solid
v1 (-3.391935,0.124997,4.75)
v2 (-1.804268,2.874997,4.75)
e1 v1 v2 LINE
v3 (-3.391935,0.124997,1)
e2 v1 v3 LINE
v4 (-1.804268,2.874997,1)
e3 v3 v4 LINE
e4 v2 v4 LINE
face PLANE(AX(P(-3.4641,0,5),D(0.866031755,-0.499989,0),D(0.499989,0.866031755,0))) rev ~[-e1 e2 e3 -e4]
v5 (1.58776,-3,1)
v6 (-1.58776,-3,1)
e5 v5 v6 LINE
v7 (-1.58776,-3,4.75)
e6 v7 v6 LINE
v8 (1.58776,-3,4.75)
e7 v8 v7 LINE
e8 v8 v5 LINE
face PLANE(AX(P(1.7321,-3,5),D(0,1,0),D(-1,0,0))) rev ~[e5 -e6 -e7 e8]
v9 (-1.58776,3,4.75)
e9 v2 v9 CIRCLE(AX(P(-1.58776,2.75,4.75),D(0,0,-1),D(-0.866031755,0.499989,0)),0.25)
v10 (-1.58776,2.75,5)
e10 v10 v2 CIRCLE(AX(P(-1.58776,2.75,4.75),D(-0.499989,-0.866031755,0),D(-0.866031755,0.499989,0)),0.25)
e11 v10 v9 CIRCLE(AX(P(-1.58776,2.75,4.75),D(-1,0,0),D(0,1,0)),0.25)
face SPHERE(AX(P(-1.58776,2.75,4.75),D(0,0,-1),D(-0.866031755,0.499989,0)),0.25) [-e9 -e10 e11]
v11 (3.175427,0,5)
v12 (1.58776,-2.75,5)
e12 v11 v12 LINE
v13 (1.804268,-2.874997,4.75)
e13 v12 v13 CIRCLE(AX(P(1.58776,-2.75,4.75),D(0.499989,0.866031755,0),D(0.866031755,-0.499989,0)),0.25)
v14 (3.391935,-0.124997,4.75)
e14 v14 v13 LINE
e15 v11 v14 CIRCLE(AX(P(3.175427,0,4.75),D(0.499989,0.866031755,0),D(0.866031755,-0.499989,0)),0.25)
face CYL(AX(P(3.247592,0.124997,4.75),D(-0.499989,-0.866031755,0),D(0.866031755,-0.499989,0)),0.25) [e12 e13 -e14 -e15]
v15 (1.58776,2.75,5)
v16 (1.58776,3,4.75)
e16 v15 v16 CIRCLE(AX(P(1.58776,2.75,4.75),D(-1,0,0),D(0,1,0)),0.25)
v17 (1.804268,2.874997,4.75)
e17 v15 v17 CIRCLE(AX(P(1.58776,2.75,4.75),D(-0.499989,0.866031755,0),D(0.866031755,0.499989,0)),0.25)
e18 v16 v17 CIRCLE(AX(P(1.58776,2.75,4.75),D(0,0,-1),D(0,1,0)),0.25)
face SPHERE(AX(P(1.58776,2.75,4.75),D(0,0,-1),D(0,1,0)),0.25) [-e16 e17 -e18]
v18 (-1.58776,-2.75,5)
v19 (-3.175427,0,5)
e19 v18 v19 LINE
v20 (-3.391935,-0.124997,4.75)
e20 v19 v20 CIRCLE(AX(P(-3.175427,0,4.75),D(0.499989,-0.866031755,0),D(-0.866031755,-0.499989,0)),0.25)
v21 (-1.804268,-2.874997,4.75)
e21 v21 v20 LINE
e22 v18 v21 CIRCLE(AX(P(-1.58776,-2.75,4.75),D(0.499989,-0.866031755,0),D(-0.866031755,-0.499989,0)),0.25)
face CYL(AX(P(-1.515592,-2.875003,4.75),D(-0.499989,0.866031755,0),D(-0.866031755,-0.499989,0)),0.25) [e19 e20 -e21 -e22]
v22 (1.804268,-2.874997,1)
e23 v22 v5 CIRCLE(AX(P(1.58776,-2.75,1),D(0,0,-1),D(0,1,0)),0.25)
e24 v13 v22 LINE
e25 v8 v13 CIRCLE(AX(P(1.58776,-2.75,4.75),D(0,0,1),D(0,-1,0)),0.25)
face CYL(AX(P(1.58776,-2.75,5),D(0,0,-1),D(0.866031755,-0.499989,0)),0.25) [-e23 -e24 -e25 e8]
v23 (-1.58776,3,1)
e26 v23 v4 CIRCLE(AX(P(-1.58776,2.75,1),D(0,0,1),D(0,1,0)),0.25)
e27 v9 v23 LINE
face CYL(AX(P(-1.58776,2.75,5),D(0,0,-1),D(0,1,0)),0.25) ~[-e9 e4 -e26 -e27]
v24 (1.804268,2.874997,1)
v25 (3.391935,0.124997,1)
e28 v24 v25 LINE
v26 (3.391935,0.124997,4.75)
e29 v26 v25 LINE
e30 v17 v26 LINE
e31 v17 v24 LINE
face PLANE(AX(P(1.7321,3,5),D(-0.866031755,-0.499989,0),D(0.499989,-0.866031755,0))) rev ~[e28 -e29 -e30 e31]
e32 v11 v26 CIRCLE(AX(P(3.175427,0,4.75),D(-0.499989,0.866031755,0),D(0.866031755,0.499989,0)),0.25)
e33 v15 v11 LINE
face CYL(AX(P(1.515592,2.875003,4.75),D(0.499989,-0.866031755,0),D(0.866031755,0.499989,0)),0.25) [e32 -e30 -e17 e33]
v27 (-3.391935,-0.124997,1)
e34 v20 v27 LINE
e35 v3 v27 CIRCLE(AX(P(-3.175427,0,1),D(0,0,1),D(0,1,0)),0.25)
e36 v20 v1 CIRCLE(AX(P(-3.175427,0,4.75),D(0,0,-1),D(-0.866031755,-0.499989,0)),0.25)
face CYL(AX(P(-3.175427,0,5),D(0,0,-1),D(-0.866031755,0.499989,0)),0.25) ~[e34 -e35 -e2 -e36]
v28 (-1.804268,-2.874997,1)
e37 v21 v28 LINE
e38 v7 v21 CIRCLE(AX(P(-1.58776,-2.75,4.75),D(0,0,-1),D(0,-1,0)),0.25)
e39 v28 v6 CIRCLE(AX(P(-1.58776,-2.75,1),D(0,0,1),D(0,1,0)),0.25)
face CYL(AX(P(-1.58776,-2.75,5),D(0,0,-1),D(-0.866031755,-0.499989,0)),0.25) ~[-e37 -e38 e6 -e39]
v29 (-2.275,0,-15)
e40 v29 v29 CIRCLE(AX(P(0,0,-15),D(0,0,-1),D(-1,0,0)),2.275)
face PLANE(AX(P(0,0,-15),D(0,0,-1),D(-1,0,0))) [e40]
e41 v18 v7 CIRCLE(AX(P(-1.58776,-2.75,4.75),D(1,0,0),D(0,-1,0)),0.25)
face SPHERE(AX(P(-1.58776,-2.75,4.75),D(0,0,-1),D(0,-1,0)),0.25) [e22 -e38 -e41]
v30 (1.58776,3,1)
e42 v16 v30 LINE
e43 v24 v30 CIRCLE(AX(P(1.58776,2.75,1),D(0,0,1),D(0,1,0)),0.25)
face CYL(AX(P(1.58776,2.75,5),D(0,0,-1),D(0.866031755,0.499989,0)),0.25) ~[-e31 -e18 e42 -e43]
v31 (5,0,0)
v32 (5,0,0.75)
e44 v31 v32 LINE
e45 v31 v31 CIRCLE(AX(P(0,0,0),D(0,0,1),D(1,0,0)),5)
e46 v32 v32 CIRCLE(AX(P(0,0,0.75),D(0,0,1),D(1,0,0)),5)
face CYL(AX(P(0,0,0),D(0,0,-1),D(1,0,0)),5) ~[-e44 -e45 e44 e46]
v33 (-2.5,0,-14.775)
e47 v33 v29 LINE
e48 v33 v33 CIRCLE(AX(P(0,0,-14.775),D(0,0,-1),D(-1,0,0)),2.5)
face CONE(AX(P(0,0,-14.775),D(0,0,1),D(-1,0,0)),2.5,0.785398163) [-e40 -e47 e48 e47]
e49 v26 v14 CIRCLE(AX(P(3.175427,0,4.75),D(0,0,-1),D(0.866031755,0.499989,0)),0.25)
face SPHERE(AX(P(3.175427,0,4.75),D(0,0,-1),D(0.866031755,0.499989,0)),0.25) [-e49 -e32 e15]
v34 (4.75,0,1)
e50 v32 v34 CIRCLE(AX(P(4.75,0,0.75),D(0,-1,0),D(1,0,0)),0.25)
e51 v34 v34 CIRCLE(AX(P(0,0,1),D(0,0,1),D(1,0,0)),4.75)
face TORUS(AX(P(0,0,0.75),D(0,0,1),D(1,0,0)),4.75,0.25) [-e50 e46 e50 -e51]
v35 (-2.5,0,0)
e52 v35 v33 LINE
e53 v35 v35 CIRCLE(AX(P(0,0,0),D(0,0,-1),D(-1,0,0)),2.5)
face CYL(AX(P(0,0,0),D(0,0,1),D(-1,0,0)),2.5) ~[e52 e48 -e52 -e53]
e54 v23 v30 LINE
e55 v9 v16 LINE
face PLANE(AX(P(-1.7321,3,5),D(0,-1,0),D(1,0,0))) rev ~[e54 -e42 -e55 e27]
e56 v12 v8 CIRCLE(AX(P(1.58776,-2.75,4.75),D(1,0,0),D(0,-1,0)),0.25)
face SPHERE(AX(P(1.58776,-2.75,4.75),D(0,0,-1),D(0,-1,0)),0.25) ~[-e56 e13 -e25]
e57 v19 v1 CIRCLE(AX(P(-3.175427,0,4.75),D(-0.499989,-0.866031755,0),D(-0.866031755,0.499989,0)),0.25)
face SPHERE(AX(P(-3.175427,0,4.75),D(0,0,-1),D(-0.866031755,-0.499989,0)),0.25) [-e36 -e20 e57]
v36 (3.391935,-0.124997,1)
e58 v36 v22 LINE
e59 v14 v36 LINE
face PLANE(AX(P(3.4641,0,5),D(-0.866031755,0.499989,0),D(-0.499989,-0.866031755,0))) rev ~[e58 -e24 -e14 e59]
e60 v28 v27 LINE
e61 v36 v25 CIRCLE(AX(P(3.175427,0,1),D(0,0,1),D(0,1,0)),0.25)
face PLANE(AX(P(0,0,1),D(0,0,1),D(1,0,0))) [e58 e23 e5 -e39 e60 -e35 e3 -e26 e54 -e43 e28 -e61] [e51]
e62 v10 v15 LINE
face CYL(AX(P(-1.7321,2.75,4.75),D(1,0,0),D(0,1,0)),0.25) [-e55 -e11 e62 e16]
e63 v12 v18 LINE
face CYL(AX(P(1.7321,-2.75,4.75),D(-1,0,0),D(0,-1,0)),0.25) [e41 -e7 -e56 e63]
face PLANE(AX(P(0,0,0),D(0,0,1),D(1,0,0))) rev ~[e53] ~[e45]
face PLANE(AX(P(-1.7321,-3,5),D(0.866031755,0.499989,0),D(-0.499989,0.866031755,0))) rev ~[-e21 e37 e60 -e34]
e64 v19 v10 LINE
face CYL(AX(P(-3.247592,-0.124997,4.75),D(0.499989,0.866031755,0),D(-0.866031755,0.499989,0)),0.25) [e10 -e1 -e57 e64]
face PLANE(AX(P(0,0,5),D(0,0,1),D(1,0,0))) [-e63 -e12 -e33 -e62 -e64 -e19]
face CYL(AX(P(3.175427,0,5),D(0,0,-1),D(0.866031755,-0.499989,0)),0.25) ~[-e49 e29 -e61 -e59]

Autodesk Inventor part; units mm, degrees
ref_plane "YZ Plane" through (0, 0, 0) normal (1, 0, 0) x (0, 1, 0)
ref_plane "XZ Plane" through (0, 0, 0) normal (0, 1, 0) x (-1, 0, 0)
ref_plane "XY Plane" through (0, 0, 0) normal (0, 0, 1) x (1, 0, 0)
sketch "草图1" plane through (0, 0, 0) normal (0, 0, 1) x (1, 0, 0)
  circle A0 centre (0, 0) radius 5
  dimension "d0" = 10
extrude "拉伸1" add sketch "草图1" along normal blind 5
sketch "草图2" plane through (0, 0, 5) normal (0, 0, 1) x (1, 0, 0)
  circle A0 centre (0, 0) radius 5
  circle A1 centre (0, 0) radius 5 projected
  line L0 (1.7321, -3) -> (-1.7321, -3)
  line L1 (-1.7321, -3) -> (-3.4641, 0)
  line L2 (-3.4641, 0) -> (-1.7321, 3)
  line L3 (-1.7321, 3) -> (1.7321, 3)
  line L4 (1.7321, 3) -> (3.4641, 0)
  line L5 (3.4641, 0) -> (1.7321, -3)
  line L6 (0, 0) -> (0, 1.0367)
  point P0 (0, 3)
  dimension "d3" = 1.0367
  dimension "d4" = 6
extrude "拉伸2" cut sketch "草图2" against normal blind 4
fillet "圆角1" radius 0.25 13 edges at (-5, 0, 1) (1.7321, 3, 3) (-2.5981, 1.5, 5) (0, 3, 5) (-1.7321, 3, 3) (-3.4641, 0, 3) (-2.5981, -1.5, 5) (-1.7321, -3, 3) (0, -3, 5) (2.5981, -1.5, 5) (1.7321, -3, 3) (3.4641, 0, 3) (2.5981, 1.5, 5)
sketch "草图3" plane through (0, 0, 0) normal (0, 0, -1) x (-1, 0, 0)
  circle A0 centre (0, 0) radius 2.5
  dimension "d8" = 5
extrude "拉伸3" add sketch "草图3" along normal blind 15
thread "螺纹1" size "M5x0.8" class "6g" standard "ANSI Metric M Profile" full length
chamfer "倒角1" distance 0.225 angle 45 1 edges at (2.5, 0, -15)
properties part number "载板下弹片固定螺丝"
